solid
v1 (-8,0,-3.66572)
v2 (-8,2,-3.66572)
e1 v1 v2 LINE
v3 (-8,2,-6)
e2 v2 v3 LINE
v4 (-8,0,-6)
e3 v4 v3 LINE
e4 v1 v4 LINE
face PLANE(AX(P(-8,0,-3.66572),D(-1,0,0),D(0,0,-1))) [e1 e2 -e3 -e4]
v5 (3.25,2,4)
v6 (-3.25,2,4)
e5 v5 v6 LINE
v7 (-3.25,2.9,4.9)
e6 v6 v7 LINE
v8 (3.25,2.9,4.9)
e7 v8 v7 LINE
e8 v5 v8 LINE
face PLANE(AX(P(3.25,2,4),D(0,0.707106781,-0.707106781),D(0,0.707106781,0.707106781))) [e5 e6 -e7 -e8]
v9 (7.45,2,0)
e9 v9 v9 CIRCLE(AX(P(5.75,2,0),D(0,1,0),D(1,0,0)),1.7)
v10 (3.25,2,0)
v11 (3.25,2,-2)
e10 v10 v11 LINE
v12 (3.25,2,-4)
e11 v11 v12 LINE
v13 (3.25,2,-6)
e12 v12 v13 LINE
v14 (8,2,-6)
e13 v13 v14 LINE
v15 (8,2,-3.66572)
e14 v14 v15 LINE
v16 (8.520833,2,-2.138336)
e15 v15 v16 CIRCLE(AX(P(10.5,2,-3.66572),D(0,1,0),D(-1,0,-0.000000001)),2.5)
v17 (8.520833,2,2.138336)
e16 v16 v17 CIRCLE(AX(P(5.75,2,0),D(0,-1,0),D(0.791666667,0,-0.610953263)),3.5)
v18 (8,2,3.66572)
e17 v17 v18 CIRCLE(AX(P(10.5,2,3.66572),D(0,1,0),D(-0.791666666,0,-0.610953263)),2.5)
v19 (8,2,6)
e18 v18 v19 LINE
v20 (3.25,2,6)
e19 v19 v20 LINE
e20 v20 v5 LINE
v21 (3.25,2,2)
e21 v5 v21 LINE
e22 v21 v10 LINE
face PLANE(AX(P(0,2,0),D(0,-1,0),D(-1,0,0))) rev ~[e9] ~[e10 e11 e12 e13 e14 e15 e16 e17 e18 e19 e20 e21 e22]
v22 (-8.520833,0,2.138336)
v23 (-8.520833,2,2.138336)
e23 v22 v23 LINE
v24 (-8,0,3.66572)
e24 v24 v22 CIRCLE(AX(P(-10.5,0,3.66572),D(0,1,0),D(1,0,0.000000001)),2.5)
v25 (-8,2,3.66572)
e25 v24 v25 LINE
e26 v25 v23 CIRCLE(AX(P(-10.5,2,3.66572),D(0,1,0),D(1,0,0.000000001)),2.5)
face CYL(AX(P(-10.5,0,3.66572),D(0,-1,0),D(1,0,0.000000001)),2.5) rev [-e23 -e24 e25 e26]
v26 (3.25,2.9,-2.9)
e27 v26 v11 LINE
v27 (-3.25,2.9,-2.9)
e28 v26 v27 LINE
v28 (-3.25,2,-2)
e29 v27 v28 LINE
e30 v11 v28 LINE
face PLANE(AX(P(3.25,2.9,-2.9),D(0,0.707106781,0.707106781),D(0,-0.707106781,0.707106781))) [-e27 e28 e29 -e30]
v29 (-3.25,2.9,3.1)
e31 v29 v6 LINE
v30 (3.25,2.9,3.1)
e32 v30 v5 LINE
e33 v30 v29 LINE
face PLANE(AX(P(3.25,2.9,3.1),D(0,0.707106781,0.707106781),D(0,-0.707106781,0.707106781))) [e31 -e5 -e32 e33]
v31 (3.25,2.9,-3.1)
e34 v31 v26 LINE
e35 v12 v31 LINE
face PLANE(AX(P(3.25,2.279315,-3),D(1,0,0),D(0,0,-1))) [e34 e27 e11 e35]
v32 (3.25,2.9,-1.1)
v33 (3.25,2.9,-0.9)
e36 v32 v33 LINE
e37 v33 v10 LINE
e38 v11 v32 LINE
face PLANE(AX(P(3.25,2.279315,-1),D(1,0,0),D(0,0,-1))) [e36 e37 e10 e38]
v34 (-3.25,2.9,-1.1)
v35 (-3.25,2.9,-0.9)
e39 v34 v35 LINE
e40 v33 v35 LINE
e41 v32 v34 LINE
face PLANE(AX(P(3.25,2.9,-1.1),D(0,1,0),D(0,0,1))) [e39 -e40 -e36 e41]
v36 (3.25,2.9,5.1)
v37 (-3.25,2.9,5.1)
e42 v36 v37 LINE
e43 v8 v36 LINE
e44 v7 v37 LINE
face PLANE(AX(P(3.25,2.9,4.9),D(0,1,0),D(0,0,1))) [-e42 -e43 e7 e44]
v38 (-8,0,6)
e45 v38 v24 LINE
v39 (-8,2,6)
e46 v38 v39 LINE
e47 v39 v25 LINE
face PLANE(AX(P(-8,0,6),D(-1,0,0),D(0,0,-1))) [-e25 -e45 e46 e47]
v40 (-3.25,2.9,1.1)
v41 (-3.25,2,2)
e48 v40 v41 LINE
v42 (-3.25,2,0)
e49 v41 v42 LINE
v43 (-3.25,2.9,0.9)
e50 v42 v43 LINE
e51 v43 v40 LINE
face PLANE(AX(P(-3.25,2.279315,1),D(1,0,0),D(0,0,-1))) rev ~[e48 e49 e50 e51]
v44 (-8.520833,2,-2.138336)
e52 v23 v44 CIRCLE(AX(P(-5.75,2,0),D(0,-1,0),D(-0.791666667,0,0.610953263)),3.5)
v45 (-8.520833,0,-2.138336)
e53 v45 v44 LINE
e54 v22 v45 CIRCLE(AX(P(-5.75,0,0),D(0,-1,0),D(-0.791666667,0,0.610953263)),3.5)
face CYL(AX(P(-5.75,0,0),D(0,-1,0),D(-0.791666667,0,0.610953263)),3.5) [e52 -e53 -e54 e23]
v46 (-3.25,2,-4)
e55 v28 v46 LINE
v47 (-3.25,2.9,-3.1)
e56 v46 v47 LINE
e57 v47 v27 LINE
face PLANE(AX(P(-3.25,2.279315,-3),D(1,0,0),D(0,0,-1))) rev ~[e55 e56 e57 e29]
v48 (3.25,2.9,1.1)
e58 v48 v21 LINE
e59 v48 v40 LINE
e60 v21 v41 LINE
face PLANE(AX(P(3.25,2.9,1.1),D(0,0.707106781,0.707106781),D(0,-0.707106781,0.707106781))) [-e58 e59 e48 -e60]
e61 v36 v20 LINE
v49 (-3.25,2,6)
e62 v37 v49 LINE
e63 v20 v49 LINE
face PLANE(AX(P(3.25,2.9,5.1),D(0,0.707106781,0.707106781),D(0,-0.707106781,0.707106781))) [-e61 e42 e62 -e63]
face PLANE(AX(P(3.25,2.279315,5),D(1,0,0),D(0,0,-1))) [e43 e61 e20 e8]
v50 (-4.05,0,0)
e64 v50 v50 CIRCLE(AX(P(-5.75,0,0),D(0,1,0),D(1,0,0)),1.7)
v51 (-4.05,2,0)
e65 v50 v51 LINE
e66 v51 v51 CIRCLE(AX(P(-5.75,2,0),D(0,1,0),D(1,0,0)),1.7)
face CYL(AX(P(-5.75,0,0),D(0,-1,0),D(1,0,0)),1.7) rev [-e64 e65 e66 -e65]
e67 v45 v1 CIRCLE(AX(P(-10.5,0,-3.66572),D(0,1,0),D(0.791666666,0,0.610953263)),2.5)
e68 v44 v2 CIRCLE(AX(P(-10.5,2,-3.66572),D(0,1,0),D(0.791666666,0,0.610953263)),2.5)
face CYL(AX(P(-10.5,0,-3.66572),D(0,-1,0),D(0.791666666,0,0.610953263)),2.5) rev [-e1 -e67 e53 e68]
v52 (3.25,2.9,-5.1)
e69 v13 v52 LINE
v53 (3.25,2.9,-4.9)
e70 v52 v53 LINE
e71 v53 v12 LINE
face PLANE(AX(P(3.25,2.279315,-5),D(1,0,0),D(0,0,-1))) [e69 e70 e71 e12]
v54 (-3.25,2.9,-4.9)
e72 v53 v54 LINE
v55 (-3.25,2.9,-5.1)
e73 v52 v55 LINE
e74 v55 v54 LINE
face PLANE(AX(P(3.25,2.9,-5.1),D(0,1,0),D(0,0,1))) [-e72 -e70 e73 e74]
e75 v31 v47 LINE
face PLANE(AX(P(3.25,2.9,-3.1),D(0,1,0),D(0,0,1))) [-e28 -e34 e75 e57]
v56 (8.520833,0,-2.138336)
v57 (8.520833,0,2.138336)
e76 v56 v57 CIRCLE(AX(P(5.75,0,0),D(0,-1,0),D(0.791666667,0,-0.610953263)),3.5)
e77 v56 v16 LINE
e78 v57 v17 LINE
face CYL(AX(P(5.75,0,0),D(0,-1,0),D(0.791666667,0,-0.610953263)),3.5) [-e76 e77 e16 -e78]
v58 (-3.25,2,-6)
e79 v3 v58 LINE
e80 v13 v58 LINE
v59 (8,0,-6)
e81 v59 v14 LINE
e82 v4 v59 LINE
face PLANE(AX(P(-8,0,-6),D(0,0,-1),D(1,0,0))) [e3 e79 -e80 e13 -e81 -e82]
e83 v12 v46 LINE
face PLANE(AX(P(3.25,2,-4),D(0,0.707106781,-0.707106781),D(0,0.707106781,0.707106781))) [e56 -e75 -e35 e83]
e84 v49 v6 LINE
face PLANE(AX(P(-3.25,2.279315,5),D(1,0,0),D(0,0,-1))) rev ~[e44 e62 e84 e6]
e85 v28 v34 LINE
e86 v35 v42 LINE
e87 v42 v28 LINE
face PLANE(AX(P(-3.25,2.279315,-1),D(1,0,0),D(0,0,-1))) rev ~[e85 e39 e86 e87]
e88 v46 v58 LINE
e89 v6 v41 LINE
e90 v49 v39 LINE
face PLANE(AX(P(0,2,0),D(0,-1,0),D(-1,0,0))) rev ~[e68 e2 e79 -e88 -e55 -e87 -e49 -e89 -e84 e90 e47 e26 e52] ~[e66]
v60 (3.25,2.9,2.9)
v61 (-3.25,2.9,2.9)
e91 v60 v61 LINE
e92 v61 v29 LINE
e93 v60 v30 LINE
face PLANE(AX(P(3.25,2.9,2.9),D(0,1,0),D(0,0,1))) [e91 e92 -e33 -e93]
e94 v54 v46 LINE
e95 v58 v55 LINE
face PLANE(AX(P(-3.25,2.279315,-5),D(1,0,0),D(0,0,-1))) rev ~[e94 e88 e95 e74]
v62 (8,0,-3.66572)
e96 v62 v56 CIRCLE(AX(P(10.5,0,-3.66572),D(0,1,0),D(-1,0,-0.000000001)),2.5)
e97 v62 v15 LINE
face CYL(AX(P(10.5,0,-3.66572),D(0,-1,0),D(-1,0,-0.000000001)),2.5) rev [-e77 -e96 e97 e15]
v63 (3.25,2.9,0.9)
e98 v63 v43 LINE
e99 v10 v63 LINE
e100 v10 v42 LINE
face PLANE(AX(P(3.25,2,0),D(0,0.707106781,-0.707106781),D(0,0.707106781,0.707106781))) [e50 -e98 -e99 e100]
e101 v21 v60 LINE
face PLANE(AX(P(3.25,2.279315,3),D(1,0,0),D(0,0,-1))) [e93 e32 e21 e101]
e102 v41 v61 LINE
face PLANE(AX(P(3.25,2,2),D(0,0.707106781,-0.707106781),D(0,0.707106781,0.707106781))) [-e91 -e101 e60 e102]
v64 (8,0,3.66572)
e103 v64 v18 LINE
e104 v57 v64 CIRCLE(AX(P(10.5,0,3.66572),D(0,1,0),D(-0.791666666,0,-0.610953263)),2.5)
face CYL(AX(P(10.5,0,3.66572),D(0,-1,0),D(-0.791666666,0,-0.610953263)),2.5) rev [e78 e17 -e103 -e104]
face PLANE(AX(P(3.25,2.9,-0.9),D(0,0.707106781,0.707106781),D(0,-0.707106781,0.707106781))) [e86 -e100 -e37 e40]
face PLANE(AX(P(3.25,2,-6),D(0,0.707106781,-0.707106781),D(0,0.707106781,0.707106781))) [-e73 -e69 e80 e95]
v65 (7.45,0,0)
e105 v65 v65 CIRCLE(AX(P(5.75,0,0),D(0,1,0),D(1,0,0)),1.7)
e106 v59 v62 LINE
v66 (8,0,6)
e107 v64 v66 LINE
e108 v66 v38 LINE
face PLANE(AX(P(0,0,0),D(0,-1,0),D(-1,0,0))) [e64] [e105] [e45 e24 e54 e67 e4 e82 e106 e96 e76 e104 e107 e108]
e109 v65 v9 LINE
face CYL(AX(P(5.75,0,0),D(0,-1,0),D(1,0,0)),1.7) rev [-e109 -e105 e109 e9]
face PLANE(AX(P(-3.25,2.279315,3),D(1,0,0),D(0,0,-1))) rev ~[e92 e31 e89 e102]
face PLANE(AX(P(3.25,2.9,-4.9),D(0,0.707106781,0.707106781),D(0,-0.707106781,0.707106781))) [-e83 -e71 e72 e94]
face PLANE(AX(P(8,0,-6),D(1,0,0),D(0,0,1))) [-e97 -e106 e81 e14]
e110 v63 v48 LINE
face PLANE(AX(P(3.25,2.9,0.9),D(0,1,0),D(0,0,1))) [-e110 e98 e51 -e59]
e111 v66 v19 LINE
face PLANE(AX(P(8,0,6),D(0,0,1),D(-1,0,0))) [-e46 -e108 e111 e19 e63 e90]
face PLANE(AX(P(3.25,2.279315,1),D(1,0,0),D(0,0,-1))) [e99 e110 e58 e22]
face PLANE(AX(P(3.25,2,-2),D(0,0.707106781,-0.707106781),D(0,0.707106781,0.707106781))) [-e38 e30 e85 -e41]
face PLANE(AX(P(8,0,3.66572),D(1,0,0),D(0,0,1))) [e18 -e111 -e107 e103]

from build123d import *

# Parameters (mm, degrees)
CROQUIS1_R              = 1.7
SALIENTE_EXTRUIR1_DEPTH = 2
SALIENTE_EXTRUIR2_DEPTH = 6.5
MATRIZL1_COUNT          = 6
MATRIZL1_PITCH          = 2


with BuildPart() as part:
    # Croquis1 → Saliente-Extruir1 (new body)
    with BuildSketch(Plane(origin=(0, 0, 0), x_dir=(1, 0, 0), z_dir=(0, 1, 0))):
        with BuildLine():
            Line((-8, 6), (8, 6))
            Line((8, 6), (8, 3.665719575))
            ThreePointArc((8, 3.665719575), (8.133788189, 2.858848044), (8.520833333, 2.138336419))
            ThreePointArc((8.520833333, 2.138336419), (9.25, 0), (8.520833333, -2.138336419))
            ThreePointArc((8.520833333, -2.138336419), (8.133788189, -2.858848044), (8, -3.665719575))
            Line((8, -3.665719575), (8, -6))
            Line((8, -6), (-8, -6))
            Line((-8, -6), (-8, -3.665719575))
            ThreePointArc((-8, -3.665719575), (-8.133788189, -2.858848044), (-8.520833333, -2.138336419))
            ThreePointArc((-8.520833333, -2.138336419), (-9.25, 0), (-8.520833333, 2.138336419))
            ThreePointArc((-8.520833333, 2.138336419), (-8.133788189, 2.858848044), (-8, 3.665719575))
            Line((-8, 3.665719575), (-8, 6))
        make_face()
        with Locations((5.75, 0)):
            Circle(CROQUIS1_R, mode=Mode.SUBTRACT)
        with Locations((-5.75, 0)):
            Circle(CROQUIS1_R, mode=Mode.SUBTRACT)
    extrude(amount=SALIENTE_EXTRUIR1_DEPTH)

    # Croquis4 → Saliente-Extruir2 (add)
    with BuildSketch(Plane(origin=(3.25, 0, 0), x_dir=(0, 0, -1), z_dir=(1, 0, 0))):
        Polygon((-6, 2), (-4, 2), (-4.9, 2.9), (-5.1, 2.9), align=None)
    saliente_extruir2 = extrude(amount=-SALIENTE_EXTRUIR2_DEPTH)

    # MatrizL1: Saliente-Extruir2 ×6
    with Locations(*[(0, 0, -i * MATRIZL1_PITCH) for i in range(1, MATRIZL1_COUNT)]):
        add(saliente_extruir2)


solid = part.part
